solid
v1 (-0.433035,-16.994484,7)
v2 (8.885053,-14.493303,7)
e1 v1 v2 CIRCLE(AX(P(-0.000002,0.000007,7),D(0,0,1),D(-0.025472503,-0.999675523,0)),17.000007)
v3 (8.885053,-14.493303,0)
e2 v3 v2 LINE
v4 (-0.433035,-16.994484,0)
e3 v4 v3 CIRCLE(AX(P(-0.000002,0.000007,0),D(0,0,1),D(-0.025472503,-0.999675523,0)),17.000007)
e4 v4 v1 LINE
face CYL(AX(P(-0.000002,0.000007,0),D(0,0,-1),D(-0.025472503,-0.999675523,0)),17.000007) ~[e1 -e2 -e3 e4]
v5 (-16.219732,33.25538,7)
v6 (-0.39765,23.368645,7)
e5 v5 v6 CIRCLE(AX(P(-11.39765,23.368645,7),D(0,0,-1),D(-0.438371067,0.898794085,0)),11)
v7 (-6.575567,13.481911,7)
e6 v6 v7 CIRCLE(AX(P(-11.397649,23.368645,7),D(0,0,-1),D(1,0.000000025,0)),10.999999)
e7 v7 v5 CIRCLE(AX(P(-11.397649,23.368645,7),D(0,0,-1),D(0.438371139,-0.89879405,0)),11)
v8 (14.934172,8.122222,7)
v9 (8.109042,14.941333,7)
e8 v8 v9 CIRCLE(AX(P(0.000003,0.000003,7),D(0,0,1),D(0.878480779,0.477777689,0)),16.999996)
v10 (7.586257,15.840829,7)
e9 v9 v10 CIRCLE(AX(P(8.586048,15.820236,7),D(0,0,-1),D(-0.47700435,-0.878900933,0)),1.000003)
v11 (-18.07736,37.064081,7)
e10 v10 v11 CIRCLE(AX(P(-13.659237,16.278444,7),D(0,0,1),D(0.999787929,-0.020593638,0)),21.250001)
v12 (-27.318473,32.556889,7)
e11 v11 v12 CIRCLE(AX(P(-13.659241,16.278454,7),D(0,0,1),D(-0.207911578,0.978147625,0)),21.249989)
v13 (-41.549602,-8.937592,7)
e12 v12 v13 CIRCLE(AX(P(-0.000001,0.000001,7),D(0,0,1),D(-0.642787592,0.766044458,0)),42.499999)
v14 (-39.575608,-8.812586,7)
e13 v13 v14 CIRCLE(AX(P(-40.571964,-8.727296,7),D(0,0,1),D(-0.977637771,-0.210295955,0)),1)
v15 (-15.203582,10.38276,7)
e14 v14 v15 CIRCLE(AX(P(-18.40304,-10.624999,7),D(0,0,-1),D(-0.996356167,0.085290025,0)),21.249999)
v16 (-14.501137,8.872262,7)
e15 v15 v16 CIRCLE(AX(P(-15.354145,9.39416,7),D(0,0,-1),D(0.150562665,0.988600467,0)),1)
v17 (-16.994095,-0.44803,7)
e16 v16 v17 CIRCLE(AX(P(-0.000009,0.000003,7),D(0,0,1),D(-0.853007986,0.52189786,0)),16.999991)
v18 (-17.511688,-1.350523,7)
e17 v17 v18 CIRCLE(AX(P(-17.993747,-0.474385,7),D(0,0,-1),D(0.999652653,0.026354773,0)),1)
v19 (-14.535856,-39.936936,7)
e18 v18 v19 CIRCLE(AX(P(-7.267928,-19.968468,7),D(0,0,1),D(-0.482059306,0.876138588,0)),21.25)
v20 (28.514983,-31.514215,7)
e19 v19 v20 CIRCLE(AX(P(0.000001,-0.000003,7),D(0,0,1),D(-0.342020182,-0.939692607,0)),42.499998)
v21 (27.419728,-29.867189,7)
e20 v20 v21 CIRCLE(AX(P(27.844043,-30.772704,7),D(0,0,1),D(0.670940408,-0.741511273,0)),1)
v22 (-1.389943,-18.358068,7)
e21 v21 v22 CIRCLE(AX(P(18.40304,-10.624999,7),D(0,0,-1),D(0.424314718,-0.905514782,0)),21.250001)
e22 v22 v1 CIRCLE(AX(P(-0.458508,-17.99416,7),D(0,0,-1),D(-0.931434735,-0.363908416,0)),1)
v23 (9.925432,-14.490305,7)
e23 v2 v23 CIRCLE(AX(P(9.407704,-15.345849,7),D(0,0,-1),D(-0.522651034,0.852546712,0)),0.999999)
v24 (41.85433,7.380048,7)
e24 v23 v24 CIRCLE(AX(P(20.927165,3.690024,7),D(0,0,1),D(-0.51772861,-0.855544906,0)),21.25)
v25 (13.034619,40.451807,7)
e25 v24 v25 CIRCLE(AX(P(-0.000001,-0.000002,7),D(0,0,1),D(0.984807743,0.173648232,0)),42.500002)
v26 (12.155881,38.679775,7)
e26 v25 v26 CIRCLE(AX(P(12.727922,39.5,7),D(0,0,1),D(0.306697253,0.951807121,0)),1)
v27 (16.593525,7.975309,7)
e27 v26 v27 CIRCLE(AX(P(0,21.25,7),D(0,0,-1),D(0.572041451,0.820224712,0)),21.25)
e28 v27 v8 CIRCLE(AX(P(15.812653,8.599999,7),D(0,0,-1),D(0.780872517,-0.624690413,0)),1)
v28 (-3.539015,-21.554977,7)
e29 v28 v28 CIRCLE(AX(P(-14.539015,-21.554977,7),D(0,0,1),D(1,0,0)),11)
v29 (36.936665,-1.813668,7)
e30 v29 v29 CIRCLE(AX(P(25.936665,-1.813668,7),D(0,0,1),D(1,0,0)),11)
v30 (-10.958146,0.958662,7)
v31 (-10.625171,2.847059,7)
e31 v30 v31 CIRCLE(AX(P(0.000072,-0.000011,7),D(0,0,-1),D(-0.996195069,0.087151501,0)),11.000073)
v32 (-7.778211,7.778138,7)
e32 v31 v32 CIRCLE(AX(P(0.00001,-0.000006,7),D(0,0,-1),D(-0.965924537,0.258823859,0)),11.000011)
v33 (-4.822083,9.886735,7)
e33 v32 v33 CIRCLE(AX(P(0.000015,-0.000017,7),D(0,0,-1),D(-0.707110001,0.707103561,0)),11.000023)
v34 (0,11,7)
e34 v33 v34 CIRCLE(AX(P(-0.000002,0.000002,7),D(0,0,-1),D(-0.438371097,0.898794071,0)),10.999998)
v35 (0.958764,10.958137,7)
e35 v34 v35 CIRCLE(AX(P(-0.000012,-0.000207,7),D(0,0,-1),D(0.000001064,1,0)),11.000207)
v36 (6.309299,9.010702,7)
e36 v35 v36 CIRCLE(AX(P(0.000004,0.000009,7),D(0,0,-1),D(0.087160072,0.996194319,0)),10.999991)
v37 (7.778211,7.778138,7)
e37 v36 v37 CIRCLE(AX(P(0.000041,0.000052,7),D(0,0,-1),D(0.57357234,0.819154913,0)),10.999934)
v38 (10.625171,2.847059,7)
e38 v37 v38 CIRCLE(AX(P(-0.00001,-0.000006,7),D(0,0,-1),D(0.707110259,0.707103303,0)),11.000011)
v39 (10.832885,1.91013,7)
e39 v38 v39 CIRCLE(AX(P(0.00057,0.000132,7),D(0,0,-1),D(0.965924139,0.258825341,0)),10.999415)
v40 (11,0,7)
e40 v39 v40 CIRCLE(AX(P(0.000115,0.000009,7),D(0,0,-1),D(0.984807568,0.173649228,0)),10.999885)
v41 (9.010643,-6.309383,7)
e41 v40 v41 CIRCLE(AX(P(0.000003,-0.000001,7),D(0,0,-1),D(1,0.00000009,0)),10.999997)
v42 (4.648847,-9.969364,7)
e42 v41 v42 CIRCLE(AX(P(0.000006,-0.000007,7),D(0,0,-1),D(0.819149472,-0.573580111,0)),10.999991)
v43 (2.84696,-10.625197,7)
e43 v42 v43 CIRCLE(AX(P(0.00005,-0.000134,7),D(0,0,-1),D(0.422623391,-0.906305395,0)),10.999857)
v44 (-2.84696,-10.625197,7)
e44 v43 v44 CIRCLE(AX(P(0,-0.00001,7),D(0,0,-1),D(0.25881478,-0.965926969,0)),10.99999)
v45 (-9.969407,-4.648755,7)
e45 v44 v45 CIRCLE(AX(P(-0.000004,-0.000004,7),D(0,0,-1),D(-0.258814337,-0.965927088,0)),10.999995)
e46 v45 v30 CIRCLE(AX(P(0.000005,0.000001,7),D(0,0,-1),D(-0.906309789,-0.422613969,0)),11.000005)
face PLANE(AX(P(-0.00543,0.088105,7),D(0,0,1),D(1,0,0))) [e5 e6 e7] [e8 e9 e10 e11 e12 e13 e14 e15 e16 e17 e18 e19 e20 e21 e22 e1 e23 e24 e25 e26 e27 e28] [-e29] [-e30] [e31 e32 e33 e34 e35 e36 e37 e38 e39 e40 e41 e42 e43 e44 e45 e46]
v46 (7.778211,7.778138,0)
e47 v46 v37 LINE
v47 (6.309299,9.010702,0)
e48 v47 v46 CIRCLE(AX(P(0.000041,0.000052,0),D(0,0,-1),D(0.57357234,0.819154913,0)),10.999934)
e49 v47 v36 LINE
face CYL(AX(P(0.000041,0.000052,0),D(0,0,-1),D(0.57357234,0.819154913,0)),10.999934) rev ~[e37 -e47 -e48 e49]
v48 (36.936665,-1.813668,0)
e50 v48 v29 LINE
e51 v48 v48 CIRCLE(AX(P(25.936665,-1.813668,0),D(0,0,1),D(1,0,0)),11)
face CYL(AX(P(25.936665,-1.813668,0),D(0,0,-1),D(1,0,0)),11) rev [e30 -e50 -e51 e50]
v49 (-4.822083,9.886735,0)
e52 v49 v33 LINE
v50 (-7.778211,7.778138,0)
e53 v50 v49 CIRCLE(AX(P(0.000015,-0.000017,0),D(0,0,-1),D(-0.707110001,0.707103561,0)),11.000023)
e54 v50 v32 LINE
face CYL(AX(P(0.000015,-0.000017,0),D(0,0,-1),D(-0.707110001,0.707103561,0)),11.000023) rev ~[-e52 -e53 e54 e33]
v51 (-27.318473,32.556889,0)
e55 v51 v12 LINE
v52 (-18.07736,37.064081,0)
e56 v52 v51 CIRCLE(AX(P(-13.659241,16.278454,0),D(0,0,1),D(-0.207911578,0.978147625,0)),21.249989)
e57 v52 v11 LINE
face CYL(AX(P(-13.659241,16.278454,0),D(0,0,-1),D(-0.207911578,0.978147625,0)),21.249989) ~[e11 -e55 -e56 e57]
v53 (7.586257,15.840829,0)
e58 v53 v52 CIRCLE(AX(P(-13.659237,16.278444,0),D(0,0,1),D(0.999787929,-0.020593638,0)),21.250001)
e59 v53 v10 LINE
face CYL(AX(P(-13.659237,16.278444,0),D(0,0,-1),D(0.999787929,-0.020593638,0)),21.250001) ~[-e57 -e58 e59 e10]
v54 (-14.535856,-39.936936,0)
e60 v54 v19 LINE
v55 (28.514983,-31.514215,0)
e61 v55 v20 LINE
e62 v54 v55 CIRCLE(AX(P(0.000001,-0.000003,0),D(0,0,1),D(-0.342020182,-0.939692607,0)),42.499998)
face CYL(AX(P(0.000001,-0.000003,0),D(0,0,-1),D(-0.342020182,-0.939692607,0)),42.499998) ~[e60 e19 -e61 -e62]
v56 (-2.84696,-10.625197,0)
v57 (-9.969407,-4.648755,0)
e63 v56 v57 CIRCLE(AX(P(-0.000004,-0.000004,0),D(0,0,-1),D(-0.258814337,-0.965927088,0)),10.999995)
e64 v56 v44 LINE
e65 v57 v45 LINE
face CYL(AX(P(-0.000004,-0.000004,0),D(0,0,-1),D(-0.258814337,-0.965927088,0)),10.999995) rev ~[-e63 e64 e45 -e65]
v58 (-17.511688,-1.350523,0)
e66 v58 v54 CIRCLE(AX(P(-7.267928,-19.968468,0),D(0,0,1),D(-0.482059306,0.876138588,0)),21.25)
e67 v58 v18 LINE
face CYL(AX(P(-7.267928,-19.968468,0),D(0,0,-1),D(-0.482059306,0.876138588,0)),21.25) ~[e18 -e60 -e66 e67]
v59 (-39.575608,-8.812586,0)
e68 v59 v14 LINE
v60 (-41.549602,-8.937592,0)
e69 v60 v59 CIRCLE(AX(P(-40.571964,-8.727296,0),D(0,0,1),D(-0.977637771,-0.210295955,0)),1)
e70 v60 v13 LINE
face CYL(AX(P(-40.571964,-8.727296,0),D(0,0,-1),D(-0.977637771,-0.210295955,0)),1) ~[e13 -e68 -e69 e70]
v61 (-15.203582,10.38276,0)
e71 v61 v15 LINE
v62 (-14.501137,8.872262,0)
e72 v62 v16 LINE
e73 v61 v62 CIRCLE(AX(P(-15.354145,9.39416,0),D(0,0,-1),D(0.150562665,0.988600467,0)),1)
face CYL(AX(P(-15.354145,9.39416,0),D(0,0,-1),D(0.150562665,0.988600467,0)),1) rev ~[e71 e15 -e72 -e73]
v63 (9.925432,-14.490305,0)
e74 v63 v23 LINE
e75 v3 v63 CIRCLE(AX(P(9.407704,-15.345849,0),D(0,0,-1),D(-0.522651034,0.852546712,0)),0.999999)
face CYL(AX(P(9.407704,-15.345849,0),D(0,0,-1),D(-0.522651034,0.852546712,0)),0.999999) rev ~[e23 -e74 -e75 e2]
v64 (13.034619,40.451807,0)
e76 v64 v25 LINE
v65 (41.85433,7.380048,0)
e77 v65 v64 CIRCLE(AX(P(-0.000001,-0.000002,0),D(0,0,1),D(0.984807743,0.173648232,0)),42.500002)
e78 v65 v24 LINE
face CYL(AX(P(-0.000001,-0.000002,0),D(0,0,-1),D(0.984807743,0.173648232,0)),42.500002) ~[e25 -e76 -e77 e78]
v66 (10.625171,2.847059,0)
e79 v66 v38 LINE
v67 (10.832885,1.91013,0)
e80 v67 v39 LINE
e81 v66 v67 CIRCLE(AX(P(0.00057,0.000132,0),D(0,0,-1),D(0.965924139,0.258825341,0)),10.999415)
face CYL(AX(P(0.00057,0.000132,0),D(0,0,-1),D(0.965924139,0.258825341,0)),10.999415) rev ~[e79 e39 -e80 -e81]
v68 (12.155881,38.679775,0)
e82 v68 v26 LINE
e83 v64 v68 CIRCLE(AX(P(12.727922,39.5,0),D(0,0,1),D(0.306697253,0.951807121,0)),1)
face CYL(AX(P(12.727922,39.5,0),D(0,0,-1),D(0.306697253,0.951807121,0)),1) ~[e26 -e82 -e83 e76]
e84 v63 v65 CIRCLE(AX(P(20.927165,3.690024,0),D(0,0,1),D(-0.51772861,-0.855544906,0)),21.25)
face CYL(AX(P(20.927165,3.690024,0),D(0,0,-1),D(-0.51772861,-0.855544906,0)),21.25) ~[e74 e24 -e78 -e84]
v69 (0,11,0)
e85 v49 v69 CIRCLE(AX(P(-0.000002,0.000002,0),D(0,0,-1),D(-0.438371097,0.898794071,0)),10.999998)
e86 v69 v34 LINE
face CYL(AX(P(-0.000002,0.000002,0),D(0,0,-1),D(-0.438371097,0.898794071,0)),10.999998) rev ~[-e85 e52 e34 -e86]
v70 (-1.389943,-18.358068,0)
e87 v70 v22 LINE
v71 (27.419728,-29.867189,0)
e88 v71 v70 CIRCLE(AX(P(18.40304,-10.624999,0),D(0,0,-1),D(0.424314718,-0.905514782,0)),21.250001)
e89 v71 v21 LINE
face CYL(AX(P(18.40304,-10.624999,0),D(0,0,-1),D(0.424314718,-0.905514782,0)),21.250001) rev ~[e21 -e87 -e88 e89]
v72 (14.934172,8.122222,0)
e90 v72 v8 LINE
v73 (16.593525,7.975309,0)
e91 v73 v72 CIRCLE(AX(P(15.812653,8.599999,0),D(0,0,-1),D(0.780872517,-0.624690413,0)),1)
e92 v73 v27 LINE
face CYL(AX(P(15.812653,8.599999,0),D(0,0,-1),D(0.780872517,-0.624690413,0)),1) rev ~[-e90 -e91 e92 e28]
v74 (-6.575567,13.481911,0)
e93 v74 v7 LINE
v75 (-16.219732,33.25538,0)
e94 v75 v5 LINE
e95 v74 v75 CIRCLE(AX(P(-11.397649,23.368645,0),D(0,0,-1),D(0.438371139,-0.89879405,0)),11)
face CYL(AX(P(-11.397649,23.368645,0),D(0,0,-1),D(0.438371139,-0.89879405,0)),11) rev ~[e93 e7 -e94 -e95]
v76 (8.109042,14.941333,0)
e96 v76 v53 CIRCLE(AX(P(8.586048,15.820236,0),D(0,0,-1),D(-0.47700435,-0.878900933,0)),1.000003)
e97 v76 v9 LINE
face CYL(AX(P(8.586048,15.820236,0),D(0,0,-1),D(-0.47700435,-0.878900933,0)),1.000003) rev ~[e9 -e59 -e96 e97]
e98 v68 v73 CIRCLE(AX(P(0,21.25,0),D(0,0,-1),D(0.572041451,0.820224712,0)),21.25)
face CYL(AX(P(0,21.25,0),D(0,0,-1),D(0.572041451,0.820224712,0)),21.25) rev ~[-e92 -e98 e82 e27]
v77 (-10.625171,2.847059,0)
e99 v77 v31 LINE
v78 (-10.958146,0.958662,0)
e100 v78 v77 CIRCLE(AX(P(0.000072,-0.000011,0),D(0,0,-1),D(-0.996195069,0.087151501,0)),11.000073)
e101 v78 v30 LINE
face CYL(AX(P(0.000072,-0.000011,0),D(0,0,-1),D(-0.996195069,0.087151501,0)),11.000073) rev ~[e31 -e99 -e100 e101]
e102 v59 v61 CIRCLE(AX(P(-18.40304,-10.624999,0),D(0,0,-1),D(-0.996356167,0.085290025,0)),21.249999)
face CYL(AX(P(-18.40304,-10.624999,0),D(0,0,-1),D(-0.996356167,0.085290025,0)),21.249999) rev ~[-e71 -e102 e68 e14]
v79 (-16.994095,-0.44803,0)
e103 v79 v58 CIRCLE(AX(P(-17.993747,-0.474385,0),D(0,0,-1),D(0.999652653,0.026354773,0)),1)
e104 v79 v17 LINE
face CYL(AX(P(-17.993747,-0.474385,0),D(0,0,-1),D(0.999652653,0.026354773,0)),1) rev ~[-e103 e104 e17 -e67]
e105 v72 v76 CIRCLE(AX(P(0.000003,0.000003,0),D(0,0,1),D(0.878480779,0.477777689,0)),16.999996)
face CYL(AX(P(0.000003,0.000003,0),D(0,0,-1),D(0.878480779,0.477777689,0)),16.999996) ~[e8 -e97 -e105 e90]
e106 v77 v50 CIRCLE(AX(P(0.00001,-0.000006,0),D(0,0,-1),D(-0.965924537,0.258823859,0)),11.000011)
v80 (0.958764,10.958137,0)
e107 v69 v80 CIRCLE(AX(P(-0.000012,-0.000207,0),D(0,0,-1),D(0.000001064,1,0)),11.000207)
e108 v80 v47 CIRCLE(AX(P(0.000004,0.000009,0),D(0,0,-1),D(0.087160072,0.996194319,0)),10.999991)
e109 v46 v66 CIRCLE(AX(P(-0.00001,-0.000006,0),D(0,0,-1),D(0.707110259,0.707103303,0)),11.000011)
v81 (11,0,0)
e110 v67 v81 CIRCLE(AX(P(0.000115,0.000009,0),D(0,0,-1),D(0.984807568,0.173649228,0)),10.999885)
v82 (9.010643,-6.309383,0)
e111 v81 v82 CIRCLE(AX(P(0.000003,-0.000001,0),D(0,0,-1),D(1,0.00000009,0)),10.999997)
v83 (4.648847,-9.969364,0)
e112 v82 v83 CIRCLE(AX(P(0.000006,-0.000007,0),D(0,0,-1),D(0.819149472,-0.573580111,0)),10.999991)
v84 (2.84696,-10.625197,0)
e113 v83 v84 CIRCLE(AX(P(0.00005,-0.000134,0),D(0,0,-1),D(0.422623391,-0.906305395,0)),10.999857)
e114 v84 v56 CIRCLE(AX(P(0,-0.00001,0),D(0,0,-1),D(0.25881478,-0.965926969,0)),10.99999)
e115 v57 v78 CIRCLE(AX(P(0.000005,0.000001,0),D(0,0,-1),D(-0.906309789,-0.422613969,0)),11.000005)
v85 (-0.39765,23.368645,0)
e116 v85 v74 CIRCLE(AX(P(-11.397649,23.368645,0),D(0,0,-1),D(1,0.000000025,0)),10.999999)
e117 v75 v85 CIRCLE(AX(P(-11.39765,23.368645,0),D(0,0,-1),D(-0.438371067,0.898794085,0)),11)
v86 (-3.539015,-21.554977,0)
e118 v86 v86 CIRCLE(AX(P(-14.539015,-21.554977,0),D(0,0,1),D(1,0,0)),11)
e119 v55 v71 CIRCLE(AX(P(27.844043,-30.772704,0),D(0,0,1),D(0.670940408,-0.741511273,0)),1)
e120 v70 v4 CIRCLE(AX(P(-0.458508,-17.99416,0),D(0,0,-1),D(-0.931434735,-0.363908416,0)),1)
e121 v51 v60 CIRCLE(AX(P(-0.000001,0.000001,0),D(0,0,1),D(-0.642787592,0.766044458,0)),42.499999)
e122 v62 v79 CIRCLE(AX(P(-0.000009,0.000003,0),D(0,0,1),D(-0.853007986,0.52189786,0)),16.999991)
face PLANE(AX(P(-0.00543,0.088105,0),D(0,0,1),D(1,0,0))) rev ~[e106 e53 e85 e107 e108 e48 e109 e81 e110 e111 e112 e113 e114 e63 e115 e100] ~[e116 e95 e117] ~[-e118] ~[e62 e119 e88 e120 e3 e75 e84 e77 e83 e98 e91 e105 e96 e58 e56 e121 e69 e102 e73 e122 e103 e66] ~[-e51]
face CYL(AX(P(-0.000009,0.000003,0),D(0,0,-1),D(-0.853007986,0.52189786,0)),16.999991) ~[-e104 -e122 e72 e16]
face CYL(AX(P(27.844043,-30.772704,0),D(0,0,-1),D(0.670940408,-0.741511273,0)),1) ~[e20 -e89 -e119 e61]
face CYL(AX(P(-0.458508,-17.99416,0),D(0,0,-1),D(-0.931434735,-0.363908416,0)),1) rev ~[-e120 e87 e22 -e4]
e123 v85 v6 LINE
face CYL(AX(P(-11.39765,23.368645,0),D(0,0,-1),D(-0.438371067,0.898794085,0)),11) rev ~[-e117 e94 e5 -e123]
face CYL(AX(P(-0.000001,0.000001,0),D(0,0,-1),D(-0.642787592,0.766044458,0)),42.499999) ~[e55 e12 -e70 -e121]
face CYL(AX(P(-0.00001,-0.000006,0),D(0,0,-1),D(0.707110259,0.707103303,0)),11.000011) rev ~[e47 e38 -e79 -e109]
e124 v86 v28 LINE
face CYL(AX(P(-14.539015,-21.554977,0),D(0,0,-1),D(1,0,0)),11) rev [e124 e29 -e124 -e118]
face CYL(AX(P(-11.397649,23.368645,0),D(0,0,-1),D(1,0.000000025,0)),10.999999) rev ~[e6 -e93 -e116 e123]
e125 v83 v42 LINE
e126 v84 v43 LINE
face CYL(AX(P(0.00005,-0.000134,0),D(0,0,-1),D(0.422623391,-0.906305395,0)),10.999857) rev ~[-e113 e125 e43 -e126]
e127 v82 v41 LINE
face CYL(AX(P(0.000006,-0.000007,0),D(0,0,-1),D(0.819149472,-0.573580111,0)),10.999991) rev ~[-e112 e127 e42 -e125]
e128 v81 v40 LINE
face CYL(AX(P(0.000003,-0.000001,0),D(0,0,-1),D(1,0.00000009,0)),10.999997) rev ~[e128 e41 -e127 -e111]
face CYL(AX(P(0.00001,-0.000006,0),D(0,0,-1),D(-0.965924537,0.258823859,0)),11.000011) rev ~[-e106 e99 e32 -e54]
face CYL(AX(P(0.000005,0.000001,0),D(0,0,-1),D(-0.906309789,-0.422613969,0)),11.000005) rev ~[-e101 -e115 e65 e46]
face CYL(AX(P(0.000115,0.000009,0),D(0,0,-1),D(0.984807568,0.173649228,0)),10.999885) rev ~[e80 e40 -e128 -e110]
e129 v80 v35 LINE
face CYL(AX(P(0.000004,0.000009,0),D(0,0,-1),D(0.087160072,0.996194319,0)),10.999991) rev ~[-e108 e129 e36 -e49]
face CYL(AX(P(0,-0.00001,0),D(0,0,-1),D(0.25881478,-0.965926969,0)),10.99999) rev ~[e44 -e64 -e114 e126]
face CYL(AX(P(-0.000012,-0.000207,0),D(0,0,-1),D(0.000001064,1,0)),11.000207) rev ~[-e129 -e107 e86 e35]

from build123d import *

# Parameters (mm, degrees)
F0_R     = 11
F1_DEPTH = 7


with BuildPart() as f1:
    # F0 (on Top) → F1 (new body)
    with BuildSketch(Plane.XY):
        with BuildLine():
            ThreePointArc((9.925432, -14.490305), (32.935771, -13.841544), (41.85433, 7.380048))
            ThreePointArc((41.85433, 7.380048), (32.041137, 27.921596), (13.034619, 40.451807))
            ThreePointArc((13.034619, 40.451807), (11.832028, 39.944268), (12.155881, 38.679775))
            ThreePointArc((12.155881, 38.679775), (21.03148, 24.28963), (16.593525, 7.975309))
            ThreePointArc((16.593525, 7.975309), (15.724461, 7.603896), (14.934172, 8.122222))
            ThreePointArc((14.934172, 8.122222), (12.015511, 12.026117), (8.109042, 14.941333))
            ThreePointArc((8.109042, 14.941333), (7.721464, 15.317742), (7.586257, 15.840829))
            ThreePointArc((7.586257, 15.840829), (-0.116833, 32.654213), (-18.07736, 37.064081))
            ThreePointArc((-18.07736, 37.064081), (-22.974624, 35.377818), (-27.318473, 32.556889))
            ThreePointArc((-27.318473, 32.556889), (-40.20138, 13.787641), (-41.549602, -8.937592))
            ThreePointArc((-41.549602, -8.937592), (-40.508765, -9.725297), (-39.575608, -8.812586))
            ThreePointArc((-39.575608, -8.812586), (-31.551177, 6.068981), (-15.203582, 10.38276))
            ThreePointArc((-15.203582, 10.38276), (-14.447398, 9.815835), (-14.501137, 8.872262))
            ThreePointArc((-14.501137, 8.872262), (-16.422679, 4.392679), (-16.994095, -0.44803))
            ThreePointArc((-16.994095, -0.44803), (-17.126285, -0.971887), (-17.511688, -1.350523))
            ThreePointArc((-17.511688, -1.350523), (-28.455014, -21.602443), (-14.535856, -39.936936))
            ThreePointArc((-14.535856, -39.936936), (8.160243, -41.709237), (28.514983, -31.514215))
            ThreePointArc((28.514983, -31.514215), (28.676737, -30.218971), (27.419728, -29.867189))
            ThreePointArc((27.419728, -29.867189), (10.519697, -30.358611), (-1.389943, -18.358068))
            ThreePointArc((-1.389943, -18.358068), (-1.277063, -17.419731), (-0.433035, -16.994484))
            ThreePointArc((-0.433035, -16.994484), (4.407168, -16.418796), (8.885053, -14.493303))
            ThreePointArc((8.885053, -14.493303), (9.404822, -14.345854), (9.925432, -14.490305))
        make_face()
        with Locations((-14.539015, -21.554977)):
            Circle(F0_R, mode=Mode.SUBTRACT)
        with Locations((25.936665, -1.813668)):
            Circle(F0_R, mode=Mode.SUBTRACT)
        with BuildLine():
            ThreePointArc((-6.575567, 13.481911), (-21.284384, 18.546563), (-16.219732, 33.25538))
            ThreePointArc((-16.219732, 33.25538), (-5.568538, 32.697174), (-0.39765, 23.368645))
            ThreePointArc((-0.39765, 23.368645), (-2.069121, 17.539533), (-6.575567, 13.481911))
        make_face(mode=Mode.SUBTRACT)
        with BuildLine():
            ThreePointArc((-7.778211, 7.778138), (-6.387753, 8.955256), (-4.822083, 9.886735))
            ThreePointArc((-4.822083, 9.886735), (-2.474462, 10.718071), (0, 11))
            ThreePointArc((0, 11), (0.479839, 10.989529), (0.958764, 10.958137))
            ThreePointArc((0.958764, 10.958137), (3.762222, 10.336619), (6.309299, 9.010702))
            ThreePointArc((6.309299, 9.010702), (7.070664, 8.426489), (7.778211, 7.778138))
            ThreePointArc((7.778211, 7.778138), (9.526279, 5.5), (10.625171, 2.847059))
            ThreePointArc((10.625171, 2.847059), (10.739251, 2.380861), (10.832885, 1.91013))
            ThreePointArc((10.832885, 1.91013), (10.958142, 0.958713), (11, 0))
            ThreePointArc((11, 0), (10.490879, -3.307788), (9.010643, -6.309383))
            ThreePointArc((9.010643, -6.309383), (7.070664, -8.426489), (4.648847, -9.969364))
            ThreePointArc((4.648847, -9.969364), (3.762222, -10.336619), (2.84696, -10.625197))
            ThreePointArc((2.84696, -10.625197), (0, -11), (-2.84696, -10.625197))
            ThreePointArc((-2.84696, -10.625197), (-7.070664, -8.426489), (-9.969407, -4.648755))
            ThreePointArc((-9.969407, -4.648755), (-10.832885, -1.91013), (-10.958146, 0.958662))
            ThreePointArc((-10.958146, 0.958662), (-10.832885, 1.91013), (-10.625171, 2.847059))
            ThreePointArc((-10.625171, 2.847059), (-9.526279, 5.5), (-7.778211, 7.778138))
        make_face(mode=Mode.SUBTRACT)
    extrude(amount=F1_DEPTH)


solid = f1.part
